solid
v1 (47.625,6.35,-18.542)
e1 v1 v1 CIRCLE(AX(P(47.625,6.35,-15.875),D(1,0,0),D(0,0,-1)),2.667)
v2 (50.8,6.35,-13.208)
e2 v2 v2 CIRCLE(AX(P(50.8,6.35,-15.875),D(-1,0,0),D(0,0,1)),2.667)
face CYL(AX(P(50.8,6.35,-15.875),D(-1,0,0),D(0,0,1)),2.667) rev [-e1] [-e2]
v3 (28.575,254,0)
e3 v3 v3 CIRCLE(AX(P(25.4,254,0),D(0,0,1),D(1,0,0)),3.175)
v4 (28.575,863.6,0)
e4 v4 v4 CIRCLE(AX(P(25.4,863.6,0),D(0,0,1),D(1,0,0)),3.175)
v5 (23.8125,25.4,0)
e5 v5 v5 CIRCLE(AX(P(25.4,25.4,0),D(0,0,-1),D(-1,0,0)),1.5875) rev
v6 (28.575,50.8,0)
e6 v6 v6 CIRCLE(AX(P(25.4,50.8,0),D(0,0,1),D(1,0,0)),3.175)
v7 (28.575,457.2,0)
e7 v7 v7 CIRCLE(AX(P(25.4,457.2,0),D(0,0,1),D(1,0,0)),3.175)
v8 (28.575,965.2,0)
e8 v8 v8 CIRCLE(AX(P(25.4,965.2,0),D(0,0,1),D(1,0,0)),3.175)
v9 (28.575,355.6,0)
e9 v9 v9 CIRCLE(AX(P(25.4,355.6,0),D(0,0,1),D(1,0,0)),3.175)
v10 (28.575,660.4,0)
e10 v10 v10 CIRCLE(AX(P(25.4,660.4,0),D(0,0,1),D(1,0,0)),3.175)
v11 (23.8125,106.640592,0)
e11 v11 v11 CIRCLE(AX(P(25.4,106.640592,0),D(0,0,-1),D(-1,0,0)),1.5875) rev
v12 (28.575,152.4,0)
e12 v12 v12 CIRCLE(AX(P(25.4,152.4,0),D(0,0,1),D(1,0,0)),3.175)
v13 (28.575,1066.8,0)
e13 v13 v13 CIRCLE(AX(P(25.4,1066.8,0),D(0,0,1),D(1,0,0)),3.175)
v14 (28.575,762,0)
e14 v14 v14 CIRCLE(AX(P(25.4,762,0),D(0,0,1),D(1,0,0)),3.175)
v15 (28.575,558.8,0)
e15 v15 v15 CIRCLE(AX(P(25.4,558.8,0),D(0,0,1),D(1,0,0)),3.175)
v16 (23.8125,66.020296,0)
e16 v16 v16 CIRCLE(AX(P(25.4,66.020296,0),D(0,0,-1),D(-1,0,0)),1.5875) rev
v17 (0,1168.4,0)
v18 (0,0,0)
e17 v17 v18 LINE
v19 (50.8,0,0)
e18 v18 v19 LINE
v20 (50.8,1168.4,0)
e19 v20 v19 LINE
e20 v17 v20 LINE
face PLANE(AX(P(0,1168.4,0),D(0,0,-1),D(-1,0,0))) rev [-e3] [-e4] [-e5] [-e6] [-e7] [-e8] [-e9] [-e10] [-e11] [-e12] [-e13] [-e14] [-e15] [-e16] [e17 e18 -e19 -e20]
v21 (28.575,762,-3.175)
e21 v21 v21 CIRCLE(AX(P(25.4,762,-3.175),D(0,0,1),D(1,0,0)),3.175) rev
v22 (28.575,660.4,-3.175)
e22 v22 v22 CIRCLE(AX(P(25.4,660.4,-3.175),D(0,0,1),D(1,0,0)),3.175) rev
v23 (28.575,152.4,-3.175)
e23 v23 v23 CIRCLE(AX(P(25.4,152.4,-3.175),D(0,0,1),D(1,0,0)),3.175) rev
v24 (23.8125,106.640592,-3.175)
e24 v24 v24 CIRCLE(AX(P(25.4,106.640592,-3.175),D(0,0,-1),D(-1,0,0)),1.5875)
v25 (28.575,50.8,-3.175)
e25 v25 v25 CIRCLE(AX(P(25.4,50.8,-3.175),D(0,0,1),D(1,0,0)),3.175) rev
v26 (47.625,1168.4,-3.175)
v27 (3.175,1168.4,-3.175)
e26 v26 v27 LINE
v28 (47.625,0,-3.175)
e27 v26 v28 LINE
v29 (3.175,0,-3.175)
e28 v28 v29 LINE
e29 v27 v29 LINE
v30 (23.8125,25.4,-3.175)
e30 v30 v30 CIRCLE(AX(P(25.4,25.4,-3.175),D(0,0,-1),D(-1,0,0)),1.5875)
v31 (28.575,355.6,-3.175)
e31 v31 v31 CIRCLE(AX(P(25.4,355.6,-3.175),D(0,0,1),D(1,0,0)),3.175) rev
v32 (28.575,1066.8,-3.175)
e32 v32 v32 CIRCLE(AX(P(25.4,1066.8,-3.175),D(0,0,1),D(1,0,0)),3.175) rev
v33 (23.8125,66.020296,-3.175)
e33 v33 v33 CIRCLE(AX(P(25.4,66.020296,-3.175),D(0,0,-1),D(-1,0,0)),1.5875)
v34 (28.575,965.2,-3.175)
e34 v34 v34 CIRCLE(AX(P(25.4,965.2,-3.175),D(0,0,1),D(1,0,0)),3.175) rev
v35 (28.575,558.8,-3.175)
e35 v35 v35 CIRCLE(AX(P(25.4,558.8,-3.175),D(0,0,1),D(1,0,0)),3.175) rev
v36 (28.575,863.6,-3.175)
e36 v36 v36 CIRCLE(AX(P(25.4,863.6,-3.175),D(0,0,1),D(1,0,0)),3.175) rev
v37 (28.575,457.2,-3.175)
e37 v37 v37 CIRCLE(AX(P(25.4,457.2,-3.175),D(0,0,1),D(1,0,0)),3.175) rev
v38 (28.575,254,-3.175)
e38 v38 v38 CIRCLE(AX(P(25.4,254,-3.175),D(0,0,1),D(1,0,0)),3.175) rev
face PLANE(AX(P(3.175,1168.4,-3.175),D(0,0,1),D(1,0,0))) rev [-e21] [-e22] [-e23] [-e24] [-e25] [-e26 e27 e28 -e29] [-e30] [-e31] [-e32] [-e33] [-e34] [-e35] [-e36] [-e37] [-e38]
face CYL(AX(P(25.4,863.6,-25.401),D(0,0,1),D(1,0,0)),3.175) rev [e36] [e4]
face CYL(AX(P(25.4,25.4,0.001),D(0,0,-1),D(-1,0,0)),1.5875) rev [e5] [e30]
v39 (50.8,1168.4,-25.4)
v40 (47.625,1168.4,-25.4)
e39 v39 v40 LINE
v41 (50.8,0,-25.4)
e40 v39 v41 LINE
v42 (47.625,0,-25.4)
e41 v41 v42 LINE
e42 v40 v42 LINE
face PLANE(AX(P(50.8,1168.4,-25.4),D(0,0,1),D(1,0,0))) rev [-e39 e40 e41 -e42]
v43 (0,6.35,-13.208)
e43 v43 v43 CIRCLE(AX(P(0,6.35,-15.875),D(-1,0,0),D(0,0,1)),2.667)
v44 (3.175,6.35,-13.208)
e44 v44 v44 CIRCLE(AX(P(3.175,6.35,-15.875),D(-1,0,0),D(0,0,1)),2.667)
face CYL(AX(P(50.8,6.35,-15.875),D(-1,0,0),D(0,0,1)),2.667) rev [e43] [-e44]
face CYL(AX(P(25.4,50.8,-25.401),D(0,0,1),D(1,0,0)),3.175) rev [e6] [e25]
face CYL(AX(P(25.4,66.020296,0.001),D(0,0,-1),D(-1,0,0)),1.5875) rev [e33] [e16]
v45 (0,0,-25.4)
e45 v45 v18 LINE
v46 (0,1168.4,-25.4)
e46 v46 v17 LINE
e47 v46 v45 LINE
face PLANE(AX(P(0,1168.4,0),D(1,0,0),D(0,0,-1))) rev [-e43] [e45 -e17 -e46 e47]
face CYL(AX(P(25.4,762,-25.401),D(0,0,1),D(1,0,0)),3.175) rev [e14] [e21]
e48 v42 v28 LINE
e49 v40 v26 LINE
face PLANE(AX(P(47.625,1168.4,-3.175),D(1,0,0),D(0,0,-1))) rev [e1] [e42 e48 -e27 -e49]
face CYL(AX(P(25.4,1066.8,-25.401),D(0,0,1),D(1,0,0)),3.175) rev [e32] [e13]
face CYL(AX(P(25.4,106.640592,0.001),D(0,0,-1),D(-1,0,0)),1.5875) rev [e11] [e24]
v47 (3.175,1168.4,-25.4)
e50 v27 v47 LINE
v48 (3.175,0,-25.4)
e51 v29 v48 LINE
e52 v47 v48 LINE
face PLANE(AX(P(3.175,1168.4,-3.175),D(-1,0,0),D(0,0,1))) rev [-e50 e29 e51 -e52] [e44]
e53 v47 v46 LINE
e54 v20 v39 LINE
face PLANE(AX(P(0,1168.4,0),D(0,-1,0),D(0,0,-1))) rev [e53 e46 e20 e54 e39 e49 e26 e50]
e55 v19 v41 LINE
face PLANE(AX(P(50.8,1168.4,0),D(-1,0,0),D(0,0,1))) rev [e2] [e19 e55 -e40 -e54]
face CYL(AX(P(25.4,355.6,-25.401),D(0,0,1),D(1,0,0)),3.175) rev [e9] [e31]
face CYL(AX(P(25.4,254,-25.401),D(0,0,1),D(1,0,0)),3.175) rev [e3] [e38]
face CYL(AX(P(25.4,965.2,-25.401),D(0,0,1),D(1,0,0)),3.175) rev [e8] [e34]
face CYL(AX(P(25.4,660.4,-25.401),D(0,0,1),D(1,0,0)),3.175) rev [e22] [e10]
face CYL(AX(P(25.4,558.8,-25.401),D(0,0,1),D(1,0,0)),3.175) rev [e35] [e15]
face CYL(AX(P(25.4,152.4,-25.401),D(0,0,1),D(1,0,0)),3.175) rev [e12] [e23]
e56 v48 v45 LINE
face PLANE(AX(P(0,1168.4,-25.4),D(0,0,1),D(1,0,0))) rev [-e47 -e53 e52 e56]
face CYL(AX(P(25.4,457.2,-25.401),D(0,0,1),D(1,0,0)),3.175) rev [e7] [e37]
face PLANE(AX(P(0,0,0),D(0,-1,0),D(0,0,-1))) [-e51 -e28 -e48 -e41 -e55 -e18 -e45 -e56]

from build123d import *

# Parameters (mm, degrees)
BOSS_EXTRUDE1_DEPTH = 1168.4
CUT_EXTRUDE1_REACH  = 27.4
SKETCH2_R           = 3.175
CUT_EXTRUDE2_REACH  = 5.175
SKETCH3_R           = 1.5875
SKETCH4_R           = 2.667
CUT_EXTRUDE3_DEPTH  = 51.8


with BuildPart() as part:
    # Sketch1 → Boss-Extrude1 (new body)
    with BuildSketch(Plane(origin=(0, 0, 0), x_dir=(1, 0, 0), z_dir=(0, 1, 0))):
        Polygon((3.175, 3.175), (3.175, 25.4), (0, 25.4), (0, 0), (50.8, 0), (50.8, 25.4), (47.625, 25.4), (47.625, 3.175), align=None)
    extrude(amount=BOSS_EXTRUDE1_DEPTH)

    # Sketch2 → Cut-Extrude1 (cut, up to next)
    with BuildSketch(Plane.XY, mode=Mode.PRIVATE) as cut_extrude1_sk1:
        with Locations((25.4, 50.8)):
            Circle(SKETCH2_R)
    cut_extrude1_tool1 = extrude(cut_extrude1_sk1.sketch, amount=-CUT_EXTRUDE1_REACH, mode=Mode.PRIVATE) & part.part
    add(cut_extrude1_tool1.solids().sort_by_distance((25.4, 50.8, 0))[0], mode=Mode.SUBTRACT)
    # Sketch2 → Cut-Extrude1 (cut, up to next)
    with BuildSketch(Plane.XY, mode=Mode.PRIVATE) as cut_extrude1_sk2:
        with Locations((25.4, 152.4)):
            Circle(SKETCH2_R)
    cut_extrude1_tool2 = extrude(cut_extrude1_sk2.sketch, amount=-CUT_EXTRUDE1_REACH, mode=Mode.PRIVATE) & part.part
    add(cut_extrude1_tool2.solids().sort_by_distance((25.4, 152.4, 0))[0], mode=Mode.SUBTRACT)
    # Sketch2 → Cut-Extrude1 (cut, up to next)
    with BuildSketch(Plane.XY, mode=Mode.PRIVATE) as cut_extrude1_sk3:
        with Locations((25.4, 254)):
            Circle(SKETCH2_R)
    cut_extrude1_tool3 = extrude(cut_extrude1_sk3.sketch, amount=-CUT_EXTRUDE1_REACH, mode=Mode.PRIVATE) & part.part
    add(cut_extrude1_tool3.solids().sort_by_distance((25.4, 254, 0))[0], mode=Mode.SUBTRACT)
    # Sketch2 → Cut-Extrude1 (cut, up to next)
    with BuildSketch(Plane.XY, mode=Mode.PRIVATE) as cut_extrude1_sk4:
        with Locations((25.4, 355.6)):
            Circle(SKETCH2_R)
    cut_extrude1_tool4 = extrude(cut_extrude1_sk4.sketch, amount=-CUT_EXTRUDE1_REACH, mode=Mode.PRIVATE) & part.part
    add(cut_extrude1_tool4.solids().sort_by_distance((25.4, 355.6, 0))[0], mode=Mode.SUBTRACT)
    # Sketch2 → Cut-Extrude1 (cut, up to next)
    with BuildSketch(Plane.XY, mode=Mode.PRIVATE) as cut_extrude1_sk5:
        with Locations((25.4, 457.2)):
            Circle(SKETCH2_R)
    cut_extrude1_tool5 = extrude(cut_extrude1_sk5.sketch, amount=-CUT_EXTRUDE1_REACH, mode=Mode.PRIVATE) & part.part
    add(cut_extrude1_tool5.solids().sort_by_distance((25.4, 457.2, 0))[0], mode=Mode.SUBTRACT)
    # Sketch2 → Cut-Extrude1 (cut, up to next)
    with BuildSketch(Plane.XY, mode=Mode.PRIVATE) as cut_extrude1_sk6:
        with Locations((25.4, 558.8)):
            Circle(SKETCH2_R)
    cut_extrude1_tool6 = extrude(cut_extrude1_sk6.sketch, amount=-CUT_EXTRUDE1_REACH, mode=Mode.PRIVATE) & part.part
    add(cut_extrude1_tool6.solids().sort_by_distance((25.4, 558.8, 0))[0], mode=Mode.SUBTRACT)
    # Sketch2 → Cut-Extrude1 (cut, up to next)
    with BuildSketch(Plane.XY, mode=Mode.PRIVATE) as cut_extrude1_sk7:
        with Locations((25.4, 660.4)):
            Circle(SKETCH2_R)
    cut_extrude1_tool7 = extrude(cut_extrude1_sk7.sketch, amount=-CUT_EXTRUDE1_REACH, mode=Mode.PRIVATE) & part.part
    add(cut_extrude1_tool7.solids().sort_by_distance((25.4, 660.4, 0))[0], mode=Mode.SUBTRACT)
    # Sketch2 → Cut-Extrude1 (cut, up to next)
    with BuildSketch(Plane.XY, mode=Mode.PRIVATE) as cut_extrude1_sk8:
        with Locations((25.4, 762)):
            Circle(SKETCH2_R)
    cut_extrude1_tool8 = extrude(cut_extrude1_sk8.sketch, amount=-CUT_EXTRUDE1_REACH, mode=Mode.PRIVATE) & part.part
    add(cut_extrude1_tool8.solids().sort_by_distance((25.4, 762, 0))[0], mode=Mode.SUBTRACT)
    # Sketch2 → Cut-Extrude1 (cut, up to next)
    with BuildSketch(Plane.XY, mode=Mode.PRIVATE) as cut_extrude1_sk9:
        with Locations((25.4, 863.6)):
            Circle(SKETCH2_R)
    cut_extrude1_tool9 = extrude(cut_extrude1_sk9.sketch, amount=-CUT_EXTRUDE1_REACH, mode=Mode.PRIVATE) & part.part
    add(cut_extrude1_tool9.solids().sort_by_distance((25.4, 863.6, 0))[0], mode=Mode.SUBTRACT)
    # Sketch2 → Cut-Extrude1 (cut, up to next)
    with BuildSketch(Plane.XY, mode=Mode.PRIVATE) as cut_extrude1_sk10:
        with Locations((25.4, 965.2)):
            Circle(SKETCH2_R)
    cut_extrude1_tool10 = extrude(cut_extrude1_sk10.sketch, amount=-CUT_EXTRUDE1_REACH, mode=Mode.PRIVATE) & part.part
    add(cut_extrude1_tool10.solids().sort_by_distance((25.4, 965.2, 0))[0], mode=Mode.SUBTRACT)
    # Sketch2 → Cut-Extrude1 (cut, up to next)
    with BuildSketch(Plane.XY, mode=Mode.PRIVATE) as cut_extrude1_sk11:
        with Locations((25.4, 1066.8)):
            Circle(SKETCH2_R)
    cut_extrude1_tool11 = extrude(cut_extrude1_sk11.sketch, amount=-CUT_EXTRUDE1_REACH, mode=Mode.PRIVATE) & part.part
    add(cut_extrude1_tool11.solids().sort_by_distance((25.4, 1066.8, 0))[0], mode=Mode.SUBTRACT)

    # Sketch3 → Cut-Extrude2 (cut, up to next)
    with BuildSketch(Plane(origin=(0, 0, -3.175), x_dir=(-1, 0, 0), z_dir=(0, 0, -1)), mode=Mode.PRIVATE) as cut_extrude2_sk1:
        with Locations((-25.4, 25.4)):
            Circle(SKETCH3_R)
    cut_extrude2_tool1 = extrude(cut_extrude2_sk1.sketch, amount=-CUT_EXTRUDE2_REACH, mode=Mode.PRIVATE) & part.part
    add(cut_extrude2_tool1.solids().sort_by_distance((25.4, 25.4, -3.175))[0], mode=Mode.SUBTRACT)
    # Sketch3 → Cut-Extrude2 (cut, up to next)
    with BuildSketch(Plane(origin=(0, 0, -3.175), x_dir=(-1, 0, 0), z_dir=(0, 0, -1)), mode=Mode.PRIVATE) as cut_extrude2_sk2:
        with Locations((-25.4, 66.020295879)):
            Circle(SKETCH3_R)
    cut_extrude2_tool2 = extrude(cut_extrude2_sk2.sketch, amount=-CUT_EXTRUDE2_REACH, mode=Mode.PRIVATE) & part.part
    add(cut_extrude2_tool2.solids().sort_by_distance((25.4, 66.020296, -3.175))[0], mode=Mode.SUBTRACT)
    # Sketch3 → Cut-Extrude2 (cut, up to next)
    with BuildSketch(Plane(origin=(0, 0, -3.175), x_dir=(-1, 0, 0), z_dir=(0, 0, -1)), mode=Mode.PRIVATE) as cut_extrude2_sk3:
        with Locations((-25.4, 106.640591758)):
            Circle(SKETCH3_R)
    cut_extrude2_tool3 = extrude(cut_extrude2_sk3.sketch, amount=-CUT_EXTRUDE2_REACH, mode=Mode.PRIVATE) & part.part
    add(cut_extrude2_tool3.solids().sort_by_distance((25.4, 106.640592, -3.175))[0], mode=Mode.SUBTRACT)

    # Sketch4 → Cut-Extrude3 (cut, through all)
    with BuildSketch(Plane.ZY):
        with Locations((-15.875, 6.35)):
            Circle(SKETCH4_R)
    extrude(amount=-CUT_EXTRUDE3_DEPTH, mode=Mode.SUBTRACT)


solid = part.part
